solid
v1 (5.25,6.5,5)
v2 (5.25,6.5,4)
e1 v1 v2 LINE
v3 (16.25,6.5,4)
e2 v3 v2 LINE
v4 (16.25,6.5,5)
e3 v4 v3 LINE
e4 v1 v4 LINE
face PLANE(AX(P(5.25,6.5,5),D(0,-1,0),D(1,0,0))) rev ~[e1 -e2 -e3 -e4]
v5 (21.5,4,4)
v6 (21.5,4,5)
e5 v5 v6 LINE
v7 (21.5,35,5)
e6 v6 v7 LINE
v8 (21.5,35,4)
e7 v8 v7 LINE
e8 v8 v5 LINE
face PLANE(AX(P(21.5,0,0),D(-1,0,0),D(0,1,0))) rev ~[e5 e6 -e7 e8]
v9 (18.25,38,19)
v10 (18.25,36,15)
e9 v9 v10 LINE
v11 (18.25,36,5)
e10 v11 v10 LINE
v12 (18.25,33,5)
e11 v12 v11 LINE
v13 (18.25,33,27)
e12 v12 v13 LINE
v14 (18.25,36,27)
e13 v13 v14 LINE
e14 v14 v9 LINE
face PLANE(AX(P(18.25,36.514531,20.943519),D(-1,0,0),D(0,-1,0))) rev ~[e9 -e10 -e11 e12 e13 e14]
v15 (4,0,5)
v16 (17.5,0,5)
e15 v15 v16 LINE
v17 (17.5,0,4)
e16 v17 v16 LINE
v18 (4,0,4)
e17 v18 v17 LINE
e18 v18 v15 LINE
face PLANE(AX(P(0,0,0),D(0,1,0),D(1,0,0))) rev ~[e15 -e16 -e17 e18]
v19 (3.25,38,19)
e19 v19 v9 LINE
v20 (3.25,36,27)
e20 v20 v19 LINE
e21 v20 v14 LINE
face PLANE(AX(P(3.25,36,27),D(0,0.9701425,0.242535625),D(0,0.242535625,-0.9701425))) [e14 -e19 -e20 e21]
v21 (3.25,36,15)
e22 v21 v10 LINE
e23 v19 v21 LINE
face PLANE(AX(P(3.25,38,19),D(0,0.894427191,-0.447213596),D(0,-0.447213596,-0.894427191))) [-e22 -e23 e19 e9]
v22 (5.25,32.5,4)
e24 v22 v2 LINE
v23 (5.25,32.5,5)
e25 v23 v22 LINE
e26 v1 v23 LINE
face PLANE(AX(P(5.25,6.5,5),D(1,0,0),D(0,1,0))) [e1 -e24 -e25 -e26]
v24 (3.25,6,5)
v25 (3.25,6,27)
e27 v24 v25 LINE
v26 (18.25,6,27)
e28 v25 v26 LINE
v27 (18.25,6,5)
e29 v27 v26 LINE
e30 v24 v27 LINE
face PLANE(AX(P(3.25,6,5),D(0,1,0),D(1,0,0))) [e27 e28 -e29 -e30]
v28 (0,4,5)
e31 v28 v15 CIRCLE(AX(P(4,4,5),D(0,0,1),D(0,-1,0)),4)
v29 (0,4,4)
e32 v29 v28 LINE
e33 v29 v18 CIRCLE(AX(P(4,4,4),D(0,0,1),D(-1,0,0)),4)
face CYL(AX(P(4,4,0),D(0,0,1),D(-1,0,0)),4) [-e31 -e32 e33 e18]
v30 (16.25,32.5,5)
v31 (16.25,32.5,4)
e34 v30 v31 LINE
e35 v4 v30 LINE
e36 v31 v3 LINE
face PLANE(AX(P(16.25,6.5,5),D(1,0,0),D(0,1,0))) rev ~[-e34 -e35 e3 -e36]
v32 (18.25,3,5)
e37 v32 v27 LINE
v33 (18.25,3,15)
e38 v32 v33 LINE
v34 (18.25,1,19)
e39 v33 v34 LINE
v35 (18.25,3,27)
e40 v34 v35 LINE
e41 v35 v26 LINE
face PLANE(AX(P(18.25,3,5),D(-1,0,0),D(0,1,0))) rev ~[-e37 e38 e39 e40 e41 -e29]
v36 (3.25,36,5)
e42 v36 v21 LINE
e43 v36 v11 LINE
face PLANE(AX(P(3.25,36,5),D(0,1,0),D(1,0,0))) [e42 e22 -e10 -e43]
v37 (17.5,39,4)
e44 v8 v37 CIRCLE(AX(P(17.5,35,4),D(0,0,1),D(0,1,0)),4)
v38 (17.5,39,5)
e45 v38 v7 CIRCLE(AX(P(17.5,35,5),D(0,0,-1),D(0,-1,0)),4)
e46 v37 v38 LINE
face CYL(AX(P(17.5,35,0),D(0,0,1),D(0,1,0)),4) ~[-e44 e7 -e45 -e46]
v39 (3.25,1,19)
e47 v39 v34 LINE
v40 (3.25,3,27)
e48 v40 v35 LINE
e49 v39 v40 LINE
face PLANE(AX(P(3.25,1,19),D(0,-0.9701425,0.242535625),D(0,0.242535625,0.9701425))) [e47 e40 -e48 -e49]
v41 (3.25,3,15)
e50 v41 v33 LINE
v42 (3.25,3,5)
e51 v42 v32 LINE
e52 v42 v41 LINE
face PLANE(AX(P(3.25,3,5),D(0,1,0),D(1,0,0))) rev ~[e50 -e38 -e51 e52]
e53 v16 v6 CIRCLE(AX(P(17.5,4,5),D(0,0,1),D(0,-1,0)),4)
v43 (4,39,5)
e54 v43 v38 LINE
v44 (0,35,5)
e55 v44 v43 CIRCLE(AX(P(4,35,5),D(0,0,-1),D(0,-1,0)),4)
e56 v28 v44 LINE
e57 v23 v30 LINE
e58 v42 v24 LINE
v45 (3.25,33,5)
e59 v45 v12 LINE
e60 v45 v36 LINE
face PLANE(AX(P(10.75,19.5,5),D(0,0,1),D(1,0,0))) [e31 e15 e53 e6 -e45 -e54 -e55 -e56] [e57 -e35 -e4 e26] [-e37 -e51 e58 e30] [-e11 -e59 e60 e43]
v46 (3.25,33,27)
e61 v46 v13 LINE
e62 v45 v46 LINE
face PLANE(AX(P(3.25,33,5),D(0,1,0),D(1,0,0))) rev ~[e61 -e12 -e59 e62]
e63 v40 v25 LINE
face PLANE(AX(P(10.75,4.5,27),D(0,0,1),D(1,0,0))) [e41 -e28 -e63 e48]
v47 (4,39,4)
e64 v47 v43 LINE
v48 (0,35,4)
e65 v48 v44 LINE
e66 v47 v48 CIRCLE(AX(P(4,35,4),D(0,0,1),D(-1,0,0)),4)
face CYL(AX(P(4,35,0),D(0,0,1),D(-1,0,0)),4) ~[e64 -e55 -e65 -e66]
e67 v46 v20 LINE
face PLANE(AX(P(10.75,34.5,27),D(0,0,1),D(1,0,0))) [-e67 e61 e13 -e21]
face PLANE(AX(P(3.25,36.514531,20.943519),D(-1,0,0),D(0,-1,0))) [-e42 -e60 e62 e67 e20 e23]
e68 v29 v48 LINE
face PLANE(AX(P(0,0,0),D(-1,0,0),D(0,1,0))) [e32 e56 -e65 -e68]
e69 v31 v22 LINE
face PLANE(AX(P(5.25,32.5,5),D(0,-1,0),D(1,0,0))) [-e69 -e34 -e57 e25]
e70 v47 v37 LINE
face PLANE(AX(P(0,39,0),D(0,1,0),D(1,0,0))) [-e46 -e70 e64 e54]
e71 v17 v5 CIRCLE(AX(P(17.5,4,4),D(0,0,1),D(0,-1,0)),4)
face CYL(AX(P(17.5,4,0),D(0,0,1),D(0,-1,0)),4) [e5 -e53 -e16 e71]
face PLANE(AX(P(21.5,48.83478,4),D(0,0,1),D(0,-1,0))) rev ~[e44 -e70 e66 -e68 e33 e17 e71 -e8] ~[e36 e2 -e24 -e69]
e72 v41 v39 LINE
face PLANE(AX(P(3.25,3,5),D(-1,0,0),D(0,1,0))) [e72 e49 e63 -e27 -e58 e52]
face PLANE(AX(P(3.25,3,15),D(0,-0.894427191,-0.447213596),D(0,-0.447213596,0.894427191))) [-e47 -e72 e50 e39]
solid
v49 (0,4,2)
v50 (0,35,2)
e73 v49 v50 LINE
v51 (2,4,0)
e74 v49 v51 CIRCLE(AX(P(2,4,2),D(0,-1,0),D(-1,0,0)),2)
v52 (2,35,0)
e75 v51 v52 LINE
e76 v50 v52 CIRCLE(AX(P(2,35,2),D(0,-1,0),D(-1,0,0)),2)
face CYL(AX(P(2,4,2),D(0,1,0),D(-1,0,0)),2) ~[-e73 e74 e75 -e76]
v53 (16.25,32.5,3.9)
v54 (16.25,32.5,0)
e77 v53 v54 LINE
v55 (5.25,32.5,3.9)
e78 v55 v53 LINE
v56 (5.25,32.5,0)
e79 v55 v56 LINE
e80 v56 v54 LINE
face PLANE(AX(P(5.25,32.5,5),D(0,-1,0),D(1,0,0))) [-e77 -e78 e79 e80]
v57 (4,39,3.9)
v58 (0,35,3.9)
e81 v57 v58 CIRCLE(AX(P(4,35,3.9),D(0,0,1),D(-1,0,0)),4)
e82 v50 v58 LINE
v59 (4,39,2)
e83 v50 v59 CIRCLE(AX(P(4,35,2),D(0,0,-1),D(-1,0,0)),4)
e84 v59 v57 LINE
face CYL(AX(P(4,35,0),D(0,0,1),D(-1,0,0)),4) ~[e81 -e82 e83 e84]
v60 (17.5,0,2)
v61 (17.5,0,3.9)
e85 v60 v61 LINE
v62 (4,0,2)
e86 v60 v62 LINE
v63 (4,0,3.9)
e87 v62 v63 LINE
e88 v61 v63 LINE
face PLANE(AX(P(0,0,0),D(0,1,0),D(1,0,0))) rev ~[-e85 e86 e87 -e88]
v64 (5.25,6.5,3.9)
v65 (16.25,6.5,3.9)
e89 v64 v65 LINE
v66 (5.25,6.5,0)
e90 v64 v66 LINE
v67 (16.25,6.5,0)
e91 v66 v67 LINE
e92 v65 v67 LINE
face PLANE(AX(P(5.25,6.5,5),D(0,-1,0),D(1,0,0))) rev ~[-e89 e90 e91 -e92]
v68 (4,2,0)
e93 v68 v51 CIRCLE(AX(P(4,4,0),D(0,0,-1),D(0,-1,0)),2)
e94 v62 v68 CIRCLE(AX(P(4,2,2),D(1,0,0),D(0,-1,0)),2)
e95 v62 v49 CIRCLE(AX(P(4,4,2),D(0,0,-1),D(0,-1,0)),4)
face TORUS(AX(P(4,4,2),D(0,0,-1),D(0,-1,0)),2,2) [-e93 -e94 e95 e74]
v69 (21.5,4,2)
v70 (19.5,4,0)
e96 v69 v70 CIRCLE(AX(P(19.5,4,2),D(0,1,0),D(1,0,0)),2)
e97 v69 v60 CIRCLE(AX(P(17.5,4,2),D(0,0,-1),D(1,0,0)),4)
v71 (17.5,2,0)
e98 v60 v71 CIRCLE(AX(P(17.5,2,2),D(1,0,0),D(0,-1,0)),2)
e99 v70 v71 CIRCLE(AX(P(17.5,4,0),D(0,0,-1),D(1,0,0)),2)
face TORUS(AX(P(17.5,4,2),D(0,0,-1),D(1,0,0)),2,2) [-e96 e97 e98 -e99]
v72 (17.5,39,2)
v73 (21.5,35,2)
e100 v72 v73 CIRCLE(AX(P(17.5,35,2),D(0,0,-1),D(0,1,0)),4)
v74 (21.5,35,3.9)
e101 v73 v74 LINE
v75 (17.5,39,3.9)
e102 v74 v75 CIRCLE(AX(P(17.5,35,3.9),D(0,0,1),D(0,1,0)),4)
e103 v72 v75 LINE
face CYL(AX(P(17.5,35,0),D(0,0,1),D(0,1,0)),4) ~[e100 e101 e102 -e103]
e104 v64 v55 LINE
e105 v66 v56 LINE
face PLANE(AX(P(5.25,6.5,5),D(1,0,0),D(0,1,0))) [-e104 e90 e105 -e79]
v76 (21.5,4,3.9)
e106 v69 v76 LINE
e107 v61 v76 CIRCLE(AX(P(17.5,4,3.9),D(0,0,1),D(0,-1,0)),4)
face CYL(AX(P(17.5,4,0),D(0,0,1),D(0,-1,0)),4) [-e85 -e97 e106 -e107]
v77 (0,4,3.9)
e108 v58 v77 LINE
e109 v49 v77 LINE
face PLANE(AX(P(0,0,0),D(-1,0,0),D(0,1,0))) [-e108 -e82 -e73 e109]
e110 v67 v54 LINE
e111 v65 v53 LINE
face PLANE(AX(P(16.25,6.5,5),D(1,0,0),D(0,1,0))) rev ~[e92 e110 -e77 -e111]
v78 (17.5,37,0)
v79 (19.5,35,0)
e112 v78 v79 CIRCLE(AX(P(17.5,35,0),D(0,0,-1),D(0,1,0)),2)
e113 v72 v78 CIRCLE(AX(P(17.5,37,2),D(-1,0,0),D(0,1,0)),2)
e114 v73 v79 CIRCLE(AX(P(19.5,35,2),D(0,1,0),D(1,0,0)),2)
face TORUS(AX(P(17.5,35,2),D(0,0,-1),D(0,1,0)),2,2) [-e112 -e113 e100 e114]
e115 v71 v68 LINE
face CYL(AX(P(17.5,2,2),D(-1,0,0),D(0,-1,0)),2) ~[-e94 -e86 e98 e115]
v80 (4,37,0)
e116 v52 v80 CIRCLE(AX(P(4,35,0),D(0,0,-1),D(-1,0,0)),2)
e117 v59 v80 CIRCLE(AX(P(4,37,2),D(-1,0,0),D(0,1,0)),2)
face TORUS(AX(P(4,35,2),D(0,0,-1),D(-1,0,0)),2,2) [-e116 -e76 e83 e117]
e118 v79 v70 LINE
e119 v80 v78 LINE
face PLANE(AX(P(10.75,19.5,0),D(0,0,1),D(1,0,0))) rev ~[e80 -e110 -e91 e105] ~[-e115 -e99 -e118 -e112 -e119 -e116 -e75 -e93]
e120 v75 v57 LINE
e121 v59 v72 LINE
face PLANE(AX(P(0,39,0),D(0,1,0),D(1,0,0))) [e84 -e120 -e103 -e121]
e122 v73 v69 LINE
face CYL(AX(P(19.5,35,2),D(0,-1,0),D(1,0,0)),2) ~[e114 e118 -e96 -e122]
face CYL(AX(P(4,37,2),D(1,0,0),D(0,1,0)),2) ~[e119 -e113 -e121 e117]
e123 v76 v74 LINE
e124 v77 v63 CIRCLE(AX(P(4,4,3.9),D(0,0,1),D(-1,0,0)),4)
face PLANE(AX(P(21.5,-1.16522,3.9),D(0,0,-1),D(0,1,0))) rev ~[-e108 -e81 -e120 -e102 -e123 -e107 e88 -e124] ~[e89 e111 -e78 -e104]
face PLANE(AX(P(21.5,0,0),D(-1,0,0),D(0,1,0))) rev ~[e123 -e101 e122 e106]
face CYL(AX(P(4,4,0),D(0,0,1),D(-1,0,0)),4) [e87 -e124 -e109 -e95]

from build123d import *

# Parameters (mm, degrees)
F0_W      = 21.5
F0_H      = 39
F1_DEPTH  = 5
F2_W      = 15
F2_H      = 3
F3_DEPTH  = 22
F5_DEPTH  = 15
F6_R      = 4
F7_R      = 2
F8_W      = 11
F8_H      = 26
F9_DEPTH  = 6
F10_W     = 31
F10_H     = 0.1
F10_W_2   = 5.1652195826
F10_W_3   = 13.8347804174
F11_DEPTH = 40


with BuildPart() as f1:
    # F0 (on Top) → F1 (new body)
    with BuildSketch(Plane.XY):
        with Locations((10.75, 19.5)):
            Rectangle(F0_W, F0_H)
    extrude(amount=F1_DEPTH)

    # F2 (on face) → F3 (join)
    with BuildSketch(Plane.XY.offset(5)):
        with Locations((10.75, 34.5)):
            Rectangle(F2_W, F2_H)
        with Locations((10.75, 4.5)):
            Rectangle(F2_W, F2_H)
    extrude(amount=F3_DEPTH)

    # F4 (on face) → F5 (join)
    with BuildSketch(Plane(origin=(3.25, 0, 0), x_dir=(0, -1, 0), z_dir=(-1, 0, 0))):
        Polygon((-36, 15), (-36, 27), (-38, 19), align=None)
        Polygon((-1, 19), (-3, 27), (-3, 15), align=None)
    extrude(amount=-F5_DEPTH)

    # F6
    f6_edges = [f1.edges().sort_by_distance(p)[0] for p in [
        (0, 39, 2.5),
        (0, 0, 2.5),
        (21.5, 0, 2.5),
        (21.5, 39, 2.5),
    ]]
    fillet(f6_edges, radius=F6_R)

    # F7
    f7_edges = [f1.edges().sort_by_distance(p)[0] for p in [
        (0, 19.5, 0),
        (1.171573, 37.828427, 0),
        (1.171573, 1.171573, 0),
        (10.75, 39, 0),
        (10.75, 0, 0),
        (20.328427, 37.828427, 0),
        (20.328427, 1.171573, 0),
        (21.5, 19.5, 0),
    ]]
    fillet(f7_edges, radius=F7_R)

    # F8 (on face) → F9 (cut)
    with BuildSketch(Plane.XY.offset(5)):
        with Locations((10.75, 19.5)):
            Rectangle(F8_W, F8_H)
    extrude(amount=-F9_DEPTH, mode=Mode.SUBTRACT)

    # F10 (on face) → F11 (cut)
    with BuildSketch(Plane.YZ.offset(21.5)):
        with Locations((19.5, 3.95)):
            Rectangle(F10_W, F10_H)
        with Locations((1.4173902087, 3.95)):
            Rectangle(F10_W_2, F10_H)
        with Locations((41.9173902087, 3.95)):
            Rectangle(F10_W_3, F10_H)
    extrude(amount=-F11_DEPTH, mode=Mode.SUBTRACT)


solid = f1.part
